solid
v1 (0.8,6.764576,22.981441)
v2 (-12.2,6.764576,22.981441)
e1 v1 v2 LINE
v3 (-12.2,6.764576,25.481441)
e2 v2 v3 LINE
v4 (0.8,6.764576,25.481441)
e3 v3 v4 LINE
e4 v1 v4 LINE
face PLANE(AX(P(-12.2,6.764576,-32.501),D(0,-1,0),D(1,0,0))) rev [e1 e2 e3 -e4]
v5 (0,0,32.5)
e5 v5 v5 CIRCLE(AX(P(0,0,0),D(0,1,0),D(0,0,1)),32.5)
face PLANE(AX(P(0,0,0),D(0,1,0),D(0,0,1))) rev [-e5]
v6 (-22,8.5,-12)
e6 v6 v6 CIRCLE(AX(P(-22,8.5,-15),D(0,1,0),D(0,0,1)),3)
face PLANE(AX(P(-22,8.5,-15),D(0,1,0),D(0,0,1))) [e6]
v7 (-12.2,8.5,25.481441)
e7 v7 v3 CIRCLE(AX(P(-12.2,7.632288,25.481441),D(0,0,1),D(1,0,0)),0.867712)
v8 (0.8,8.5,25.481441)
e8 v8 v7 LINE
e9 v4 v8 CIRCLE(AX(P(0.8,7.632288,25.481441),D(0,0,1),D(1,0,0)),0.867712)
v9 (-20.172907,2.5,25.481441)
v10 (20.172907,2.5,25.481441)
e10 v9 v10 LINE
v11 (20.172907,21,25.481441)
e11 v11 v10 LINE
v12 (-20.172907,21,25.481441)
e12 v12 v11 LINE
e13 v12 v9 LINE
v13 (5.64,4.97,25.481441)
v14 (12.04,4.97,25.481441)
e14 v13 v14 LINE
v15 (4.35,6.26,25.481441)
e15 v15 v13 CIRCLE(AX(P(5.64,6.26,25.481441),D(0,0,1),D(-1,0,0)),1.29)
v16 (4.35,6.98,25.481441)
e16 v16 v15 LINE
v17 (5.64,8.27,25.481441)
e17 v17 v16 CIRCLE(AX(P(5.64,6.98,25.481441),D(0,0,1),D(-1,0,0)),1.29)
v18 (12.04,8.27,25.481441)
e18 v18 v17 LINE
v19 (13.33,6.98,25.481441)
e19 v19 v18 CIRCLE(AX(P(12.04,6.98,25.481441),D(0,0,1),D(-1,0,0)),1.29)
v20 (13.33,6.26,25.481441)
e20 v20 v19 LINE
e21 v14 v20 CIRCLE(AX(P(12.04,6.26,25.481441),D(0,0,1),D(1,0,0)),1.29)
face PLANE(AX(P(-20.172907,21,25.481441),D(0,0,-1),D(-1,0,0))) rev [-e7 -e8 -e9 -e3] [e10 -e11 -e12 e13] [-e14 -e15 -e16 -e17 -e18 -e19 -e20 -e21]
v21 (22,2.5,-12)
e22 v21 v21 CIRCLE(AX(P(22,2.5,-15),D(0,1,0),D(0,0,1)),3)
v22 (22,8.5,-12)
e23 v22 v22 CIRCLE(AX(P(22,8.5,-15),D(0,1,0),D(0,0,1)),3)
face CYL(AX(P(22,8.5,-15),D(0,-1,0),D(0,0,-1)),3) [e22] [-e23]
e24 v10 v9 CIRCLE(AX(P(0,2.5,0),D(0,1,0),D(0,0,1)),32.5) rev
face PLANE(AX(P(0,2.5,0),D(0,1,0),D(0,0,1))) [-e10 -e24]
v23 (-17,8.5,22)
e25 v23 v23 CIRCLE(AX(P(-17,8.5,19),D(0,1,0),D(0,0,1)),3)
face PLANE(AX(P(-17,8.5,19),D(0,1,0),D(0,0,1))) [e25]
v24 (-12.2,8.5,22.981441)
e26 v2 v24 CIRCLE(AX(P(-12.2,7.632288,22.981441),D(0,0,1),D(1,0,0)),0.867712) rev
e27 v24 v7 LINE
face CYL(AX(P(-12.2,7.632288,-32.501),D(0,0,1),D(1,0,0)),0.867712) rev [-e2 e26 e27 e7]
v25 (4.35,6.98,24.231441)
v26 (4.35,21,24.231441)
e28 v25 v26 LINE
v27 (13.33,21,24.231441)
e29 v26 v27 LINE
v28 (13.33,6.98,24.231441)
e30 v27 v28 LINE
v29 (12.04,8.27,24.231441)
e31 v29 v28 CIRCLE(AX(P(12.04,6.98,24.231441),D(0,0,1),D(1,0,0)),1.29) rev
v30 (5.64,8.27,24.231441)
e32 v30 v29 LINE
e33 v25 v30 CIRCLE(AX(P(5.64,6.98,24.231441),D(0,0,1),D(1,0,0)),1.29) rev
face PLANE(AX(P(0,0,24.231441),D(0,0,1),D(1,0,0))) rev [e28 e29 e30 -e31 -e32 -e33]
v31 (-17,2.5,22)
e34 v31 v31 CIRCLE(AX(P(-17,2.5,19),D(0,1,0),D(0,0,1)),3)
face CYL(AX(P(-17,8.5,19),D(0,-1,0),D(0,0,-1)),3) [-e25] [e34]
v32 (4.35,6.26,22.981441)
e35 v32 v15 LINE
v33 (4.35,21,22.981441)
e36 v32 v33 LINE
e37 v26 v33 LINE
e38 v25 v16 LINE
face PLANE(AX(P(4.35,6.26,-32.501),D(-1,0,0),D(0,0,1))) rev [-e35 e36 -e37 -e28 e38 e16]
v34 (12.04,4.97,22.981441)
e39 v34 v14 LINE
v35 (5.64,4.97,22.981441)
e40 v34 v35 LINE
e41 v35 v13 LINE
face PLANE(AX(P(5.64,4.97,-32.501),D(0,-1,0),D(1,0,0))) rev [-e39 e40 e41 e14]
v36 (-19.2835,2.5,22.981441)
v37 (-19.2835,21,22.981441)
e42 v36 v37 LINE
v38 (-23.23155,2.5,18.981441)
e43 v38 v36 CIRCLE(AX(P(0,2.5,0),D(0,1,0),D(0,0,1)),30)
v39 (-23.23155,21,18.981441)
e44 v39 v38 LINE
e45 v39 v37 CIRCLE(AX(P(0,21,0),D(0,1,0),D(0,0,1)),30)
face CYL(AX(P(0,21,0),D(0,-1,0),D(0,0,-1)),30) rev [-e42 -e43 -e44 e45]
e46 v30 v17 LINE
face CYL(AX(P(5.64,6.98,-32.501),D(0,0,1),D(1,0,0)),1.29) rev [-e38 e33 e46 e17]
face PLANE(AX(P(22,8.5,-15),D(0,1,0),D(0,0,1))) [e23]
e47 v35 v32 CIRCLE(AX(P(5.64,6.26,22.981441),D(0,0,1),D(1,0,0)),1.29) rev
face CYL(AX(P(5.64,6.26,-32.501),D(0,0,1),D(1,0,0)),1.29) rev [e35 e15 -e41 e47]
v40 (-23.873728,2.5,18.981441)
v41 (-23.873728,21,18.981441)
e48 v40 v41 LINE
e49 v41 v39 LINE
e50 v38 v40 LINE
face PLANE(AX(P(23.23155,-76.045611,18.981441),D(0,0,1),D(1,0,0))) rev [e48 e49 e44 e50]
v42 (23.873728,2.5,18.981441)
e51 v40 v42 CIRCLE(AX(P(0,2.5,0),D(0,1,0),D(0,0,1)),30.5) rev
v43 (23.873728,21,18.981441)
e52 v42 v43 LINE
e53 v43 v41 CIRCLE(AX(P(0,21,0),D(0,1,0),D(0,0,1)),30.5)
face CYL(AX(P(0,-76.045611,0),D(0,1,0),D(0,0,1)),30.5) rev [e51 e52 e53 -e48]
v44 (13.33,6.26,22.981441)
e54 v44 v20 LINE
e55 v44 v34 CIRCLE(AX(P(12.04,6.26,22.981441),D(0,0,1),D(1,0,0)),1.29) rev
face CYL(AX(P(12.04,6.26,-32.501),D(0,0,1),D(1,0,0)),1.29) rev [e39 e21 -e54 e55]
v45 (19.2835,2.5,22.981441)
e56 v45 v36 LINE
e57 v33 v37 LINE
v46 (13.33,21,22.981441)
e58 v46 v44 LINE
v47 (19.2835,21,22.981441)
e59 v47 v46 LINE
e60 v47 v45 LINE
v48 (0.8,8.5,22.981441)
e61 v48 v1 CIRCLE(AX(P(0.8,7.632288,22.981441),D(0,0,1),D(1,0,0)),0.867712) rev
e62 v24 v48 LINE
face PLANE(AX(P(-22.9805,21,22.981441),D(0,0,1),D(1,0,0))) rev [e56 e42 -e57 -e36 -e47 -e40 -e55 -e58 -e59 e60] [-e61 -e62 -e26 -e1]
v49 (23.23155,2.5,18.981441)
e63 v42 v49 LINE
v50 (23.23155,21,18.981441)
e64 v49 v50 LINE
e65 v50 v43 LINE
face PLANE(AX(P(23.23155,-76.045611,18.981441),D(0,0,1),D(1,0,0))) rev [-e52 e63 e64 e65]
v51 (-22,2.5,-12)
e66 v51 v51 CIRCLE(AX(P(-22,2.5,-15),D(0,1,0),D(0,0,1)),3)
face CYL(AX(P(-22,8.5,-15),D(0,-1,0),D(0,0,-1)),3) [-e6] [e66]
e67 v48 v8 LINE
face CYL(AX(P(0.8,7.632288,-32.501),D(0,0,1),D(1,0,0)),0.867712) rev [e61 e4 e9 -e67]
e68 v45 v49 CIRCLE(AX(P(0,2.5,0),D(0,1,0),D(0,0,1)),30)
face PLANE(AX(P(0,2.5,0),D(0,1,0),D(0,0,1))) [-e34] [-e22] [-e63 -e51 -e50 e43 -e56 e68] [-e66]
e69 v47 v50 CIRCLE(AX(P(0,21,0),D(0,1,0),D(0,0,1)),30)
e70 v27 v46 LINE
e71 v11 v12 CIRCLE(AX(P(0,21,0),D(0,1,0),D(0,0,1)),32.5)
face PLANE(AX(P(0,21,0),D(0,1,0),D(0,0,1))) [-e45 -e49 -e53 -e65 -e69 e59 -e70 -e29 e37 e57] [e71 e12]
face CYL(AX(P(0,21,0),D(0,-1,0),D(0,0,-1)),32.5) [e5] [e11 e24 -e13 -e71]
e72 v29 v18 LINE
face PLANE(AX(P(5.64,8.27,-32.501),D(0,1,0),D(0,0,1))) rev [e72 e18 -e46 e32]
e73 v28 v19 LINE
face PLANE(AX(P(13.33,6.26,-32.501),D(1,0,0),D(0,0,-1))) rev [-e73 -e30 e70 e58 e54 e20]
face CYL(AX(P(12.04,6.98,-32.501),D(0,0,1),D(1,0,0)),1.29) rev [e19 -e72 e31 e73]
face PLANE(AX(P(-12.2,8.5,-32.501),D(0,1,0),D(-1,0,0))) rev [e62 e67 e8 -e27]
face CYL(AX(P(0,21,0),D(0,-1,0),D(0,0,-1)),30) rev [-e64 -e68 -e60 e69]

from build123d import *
from build123d.topology import SkipClean

# Parameters (mm, degrees)
SKETCH1_R           = 32.5
BOSS_EXTRUDE1_DEPTH = 21
SHELL1_T            = -2.5
CUT_EXTRUDE2_START  = -18.5
CUT_EXTRUDE2_DEPTH  = 18.5
BOSS_EXTRUDE2_DEPTH = 18.5
CUT_EXTRUDE4_DEPTH  = 18.5
SKETCH9_R           = 3
BOSS_EXTRUDE3_DEPTH = 6
CUT_EXTRUDE3_REACH  = 71.707
SKETCH8_W           = 8.98
SKETCH8_H           = 14.74
CUT_EXTRUDE5_DEPTH  = 1.25


with BuildPart() as part:
    # Sketch1 → Boss-Extrude1 (new body)
    with BuildSketch(Plane(origin=(0, 0, 0), x_dir=(1, 0, 0), z_dir=(0, 1, 0))):
        with Locations(Location((0, 0, 0), (0, 0, 90))):
            Circle(SKETCH1_R)
    extrude(amount=BOSS_EXTRUDE1_DEPTH)

    # Shell1
    shell1_openings = [part.faces().sort_by_distance(p)[0] for p in [
        (0, 21, 0),
    ]]
    offset(amount=SHELL1_T, openings=shell1_openings, kind=Kind.INTERSECTION)

    # Sketch4 → Cut-Extrude2 (cut)
    with BuildSketch(Plane(origin=(0, 21, 0), x_dir=(1, 0, 0), z_dir=(0, 1, 0)).offset(CUT_EXTRUDE2_START)):
        with BuildLine():
            Line((-19.2835, -22.981440942), (19.2835, -22.981440942))
            Line((19.2835, -22.981440942), (22.980499826, -22.981440942))
            ThreePointArc((22.980499826, -22.981440942), (0, -32.5), (-22.980499826, -22.981440942))
            Line((-22.980499826, -22.981440942), (-19.2835, -22.981440942))
        make_face()
    extrude(amount=CUT_EXTRUDE2_DEPTH, mode=Mode.SUBTRACT)

    # Sketch5 → Boss-Extrude2 (add, through all)
    with SkipClean():  # the faces are left unmerged after this step: merging them gives an invalid solid
        with BuildSketch(Plane(origin=(0, 2.5, 0), x_dir=(1, 0, 0), z_dir=(0, 1, 0))):
            with BuildLine():
                Line((-22.980499826, -22.981440942), (22.980499826, -22.981440942))
                ThreePointArc((22.980499826, -22.981440942), (21.612881002, -24.27206985), (20.17290677, -25.481440942))
                Line((20.17290677, -25.481440942), (-20.17290677, -25.481440942))
                ThreePointArc((-20.17290677, -25.481440942), (-21.612881002, -24.27206985), (-22.980499826, -22.981440942))
            make_face()
        extrude(amount=BOSS_EXTRUDE2_DEPTH)

    # Sketch7 → Cut-Extrude4 (cut)
    with SkipClean():  # the faces are left unmerged after this step: merging them gives an invalid solid
        with BuildSketch(Plane(origin=(0, 21, 0), x_dir=(1, 0, 0), z_dir=(0, 1, 0))):
            with BuildLine():
                Line((-23.231549664, -18.981440942), (-23.873728234, -18.981440942))
                ThreePointArc((-23.873728234, -18.981440942), (0, 30.5), (23.873728234, -18.981440942))
                Line((23.873728234, -18.981440942), (23.231549664, -18.981440942))
                Line((23.231549664, -18.981440942), (-23.231549664, -18.981440942))
            make_face()
        extrude(amount=-CUT_EXTRUDE4_DEPTH, mode=Mode.SUBTRACT)

    # Sketch9 → Boss-Extrude3 (add)
    with SkipClean():  # the faces are left unmerged after this step: merging them gives an invalid solid
        with BuildSketch(Plane(origin=(0, 2.5, 0), x_dir=(1, 0, 0), z_dir=(0, 1, 0))):
            with Locations(Location((-22, 15, 0), (0, 0, 270))):
                Circle(SKETCH9_R)
            with Locations(Location((22, 15, 0), (0, 0, 270))):
                Circle(SKETCH9_R)
            with Locations(Location((-17, -19, 0), (0, 0, 270))):
                Circle(SKETCH9_R)
        extrude(amount=BOSS_EXTRUDE3_DEPTH)

    # Sketch6 → Cut-Extrude3 (cut, up to next)
    with BuildSketch(Plane.XY.offset(25.481440942), mode=Mode.PRIVATE) as cut_extrude3_sk1:
        with BuildLine():
            Line((-12.2, 8.5), (0.8, 8.5))
            ThreePointArc((0.8, 8.5), (1.667712103, 7.632287897), (0.8, 6.764575794))
            Line((0.8, 6.764575794), (-12.2, 6.764575794))
            ThreePointArc((-12.2, 6.764575794), (-13.067712103, 7.632287897), (-12.2, 8.5))
        make_face()
    cut_extrude3_tool1 = extrude(cut_extrude3_sk1.sketch, amount=-CUT_EXTRUDE3_REACH, mode=Mode.PRIVATE) & part.part
    # Sketch6 → Cut-Extrude3 (cut, up to next)
    with BuildSketch(Plane.XY.offset(25.481440942), mode=Mode.PRIVATE) as cut_extrude3_sk2:
        with BuildLine():
            Line((5.64, 4.97), (12.04, 4.97))
            ThreePointArc((12.04, 4.97), (12.952167748, 5.347832252), (13.33, 6.26))
            Line((13.33, 6.26), (13.33, 6.98))
            ThreePointArc((13.33, 6.98), (12.952167748, 7.892167748), (12.04, 8.27))
            Line((12.04, 8.27), (5.64, 8.27))
            ThreePointArc((5.64, 8.27), (4.727832252, 7.892167748), (4.35, 6.98))
            Line((4.35, 6.98), (4.35, 6.26))
            ThreePointArc((4.35, 6.26), (4.727832252, 5.347832252), (5.64, 4.97))
        make_face()
    cut_extrude3_tool2 = extrude(cut_extrude3_sk2.sketch, amount=-CUT_EXTRUDE3_REACH, mode=Mode.PRIVATE) & part.part
    add(cut_extrude3_tool1.solids().sort_by_distance((-5.7, 7.632288, 25.481441))[0], mode=Mode.SUBTRACT)
    add(cut_extrude3_tool2.solids().sort_by_distance((8.84, 6.62, 25.481441))[0], mode=Mode.SUBTRACT)

    # Sketch8 → Cut-Extrude5 (cut)
    with SkipClean():  # the faces are left unmerged after this step: merging them gives an invalid solid
        with BuildSketch(Plane(origin=(0, 0, 22.981440942), x_dir=(-1, 0, 0), z_dir=(0, 0, -1))):
            with Locations((-8.84, 13.63)):
                Rectangle(SKETCH8_W, SKETCH8_H)
        extrude(amount=-CUT_EXTRUDE5_DEPTH, mode=Mode.SUBTRACT)


solid = part.part
